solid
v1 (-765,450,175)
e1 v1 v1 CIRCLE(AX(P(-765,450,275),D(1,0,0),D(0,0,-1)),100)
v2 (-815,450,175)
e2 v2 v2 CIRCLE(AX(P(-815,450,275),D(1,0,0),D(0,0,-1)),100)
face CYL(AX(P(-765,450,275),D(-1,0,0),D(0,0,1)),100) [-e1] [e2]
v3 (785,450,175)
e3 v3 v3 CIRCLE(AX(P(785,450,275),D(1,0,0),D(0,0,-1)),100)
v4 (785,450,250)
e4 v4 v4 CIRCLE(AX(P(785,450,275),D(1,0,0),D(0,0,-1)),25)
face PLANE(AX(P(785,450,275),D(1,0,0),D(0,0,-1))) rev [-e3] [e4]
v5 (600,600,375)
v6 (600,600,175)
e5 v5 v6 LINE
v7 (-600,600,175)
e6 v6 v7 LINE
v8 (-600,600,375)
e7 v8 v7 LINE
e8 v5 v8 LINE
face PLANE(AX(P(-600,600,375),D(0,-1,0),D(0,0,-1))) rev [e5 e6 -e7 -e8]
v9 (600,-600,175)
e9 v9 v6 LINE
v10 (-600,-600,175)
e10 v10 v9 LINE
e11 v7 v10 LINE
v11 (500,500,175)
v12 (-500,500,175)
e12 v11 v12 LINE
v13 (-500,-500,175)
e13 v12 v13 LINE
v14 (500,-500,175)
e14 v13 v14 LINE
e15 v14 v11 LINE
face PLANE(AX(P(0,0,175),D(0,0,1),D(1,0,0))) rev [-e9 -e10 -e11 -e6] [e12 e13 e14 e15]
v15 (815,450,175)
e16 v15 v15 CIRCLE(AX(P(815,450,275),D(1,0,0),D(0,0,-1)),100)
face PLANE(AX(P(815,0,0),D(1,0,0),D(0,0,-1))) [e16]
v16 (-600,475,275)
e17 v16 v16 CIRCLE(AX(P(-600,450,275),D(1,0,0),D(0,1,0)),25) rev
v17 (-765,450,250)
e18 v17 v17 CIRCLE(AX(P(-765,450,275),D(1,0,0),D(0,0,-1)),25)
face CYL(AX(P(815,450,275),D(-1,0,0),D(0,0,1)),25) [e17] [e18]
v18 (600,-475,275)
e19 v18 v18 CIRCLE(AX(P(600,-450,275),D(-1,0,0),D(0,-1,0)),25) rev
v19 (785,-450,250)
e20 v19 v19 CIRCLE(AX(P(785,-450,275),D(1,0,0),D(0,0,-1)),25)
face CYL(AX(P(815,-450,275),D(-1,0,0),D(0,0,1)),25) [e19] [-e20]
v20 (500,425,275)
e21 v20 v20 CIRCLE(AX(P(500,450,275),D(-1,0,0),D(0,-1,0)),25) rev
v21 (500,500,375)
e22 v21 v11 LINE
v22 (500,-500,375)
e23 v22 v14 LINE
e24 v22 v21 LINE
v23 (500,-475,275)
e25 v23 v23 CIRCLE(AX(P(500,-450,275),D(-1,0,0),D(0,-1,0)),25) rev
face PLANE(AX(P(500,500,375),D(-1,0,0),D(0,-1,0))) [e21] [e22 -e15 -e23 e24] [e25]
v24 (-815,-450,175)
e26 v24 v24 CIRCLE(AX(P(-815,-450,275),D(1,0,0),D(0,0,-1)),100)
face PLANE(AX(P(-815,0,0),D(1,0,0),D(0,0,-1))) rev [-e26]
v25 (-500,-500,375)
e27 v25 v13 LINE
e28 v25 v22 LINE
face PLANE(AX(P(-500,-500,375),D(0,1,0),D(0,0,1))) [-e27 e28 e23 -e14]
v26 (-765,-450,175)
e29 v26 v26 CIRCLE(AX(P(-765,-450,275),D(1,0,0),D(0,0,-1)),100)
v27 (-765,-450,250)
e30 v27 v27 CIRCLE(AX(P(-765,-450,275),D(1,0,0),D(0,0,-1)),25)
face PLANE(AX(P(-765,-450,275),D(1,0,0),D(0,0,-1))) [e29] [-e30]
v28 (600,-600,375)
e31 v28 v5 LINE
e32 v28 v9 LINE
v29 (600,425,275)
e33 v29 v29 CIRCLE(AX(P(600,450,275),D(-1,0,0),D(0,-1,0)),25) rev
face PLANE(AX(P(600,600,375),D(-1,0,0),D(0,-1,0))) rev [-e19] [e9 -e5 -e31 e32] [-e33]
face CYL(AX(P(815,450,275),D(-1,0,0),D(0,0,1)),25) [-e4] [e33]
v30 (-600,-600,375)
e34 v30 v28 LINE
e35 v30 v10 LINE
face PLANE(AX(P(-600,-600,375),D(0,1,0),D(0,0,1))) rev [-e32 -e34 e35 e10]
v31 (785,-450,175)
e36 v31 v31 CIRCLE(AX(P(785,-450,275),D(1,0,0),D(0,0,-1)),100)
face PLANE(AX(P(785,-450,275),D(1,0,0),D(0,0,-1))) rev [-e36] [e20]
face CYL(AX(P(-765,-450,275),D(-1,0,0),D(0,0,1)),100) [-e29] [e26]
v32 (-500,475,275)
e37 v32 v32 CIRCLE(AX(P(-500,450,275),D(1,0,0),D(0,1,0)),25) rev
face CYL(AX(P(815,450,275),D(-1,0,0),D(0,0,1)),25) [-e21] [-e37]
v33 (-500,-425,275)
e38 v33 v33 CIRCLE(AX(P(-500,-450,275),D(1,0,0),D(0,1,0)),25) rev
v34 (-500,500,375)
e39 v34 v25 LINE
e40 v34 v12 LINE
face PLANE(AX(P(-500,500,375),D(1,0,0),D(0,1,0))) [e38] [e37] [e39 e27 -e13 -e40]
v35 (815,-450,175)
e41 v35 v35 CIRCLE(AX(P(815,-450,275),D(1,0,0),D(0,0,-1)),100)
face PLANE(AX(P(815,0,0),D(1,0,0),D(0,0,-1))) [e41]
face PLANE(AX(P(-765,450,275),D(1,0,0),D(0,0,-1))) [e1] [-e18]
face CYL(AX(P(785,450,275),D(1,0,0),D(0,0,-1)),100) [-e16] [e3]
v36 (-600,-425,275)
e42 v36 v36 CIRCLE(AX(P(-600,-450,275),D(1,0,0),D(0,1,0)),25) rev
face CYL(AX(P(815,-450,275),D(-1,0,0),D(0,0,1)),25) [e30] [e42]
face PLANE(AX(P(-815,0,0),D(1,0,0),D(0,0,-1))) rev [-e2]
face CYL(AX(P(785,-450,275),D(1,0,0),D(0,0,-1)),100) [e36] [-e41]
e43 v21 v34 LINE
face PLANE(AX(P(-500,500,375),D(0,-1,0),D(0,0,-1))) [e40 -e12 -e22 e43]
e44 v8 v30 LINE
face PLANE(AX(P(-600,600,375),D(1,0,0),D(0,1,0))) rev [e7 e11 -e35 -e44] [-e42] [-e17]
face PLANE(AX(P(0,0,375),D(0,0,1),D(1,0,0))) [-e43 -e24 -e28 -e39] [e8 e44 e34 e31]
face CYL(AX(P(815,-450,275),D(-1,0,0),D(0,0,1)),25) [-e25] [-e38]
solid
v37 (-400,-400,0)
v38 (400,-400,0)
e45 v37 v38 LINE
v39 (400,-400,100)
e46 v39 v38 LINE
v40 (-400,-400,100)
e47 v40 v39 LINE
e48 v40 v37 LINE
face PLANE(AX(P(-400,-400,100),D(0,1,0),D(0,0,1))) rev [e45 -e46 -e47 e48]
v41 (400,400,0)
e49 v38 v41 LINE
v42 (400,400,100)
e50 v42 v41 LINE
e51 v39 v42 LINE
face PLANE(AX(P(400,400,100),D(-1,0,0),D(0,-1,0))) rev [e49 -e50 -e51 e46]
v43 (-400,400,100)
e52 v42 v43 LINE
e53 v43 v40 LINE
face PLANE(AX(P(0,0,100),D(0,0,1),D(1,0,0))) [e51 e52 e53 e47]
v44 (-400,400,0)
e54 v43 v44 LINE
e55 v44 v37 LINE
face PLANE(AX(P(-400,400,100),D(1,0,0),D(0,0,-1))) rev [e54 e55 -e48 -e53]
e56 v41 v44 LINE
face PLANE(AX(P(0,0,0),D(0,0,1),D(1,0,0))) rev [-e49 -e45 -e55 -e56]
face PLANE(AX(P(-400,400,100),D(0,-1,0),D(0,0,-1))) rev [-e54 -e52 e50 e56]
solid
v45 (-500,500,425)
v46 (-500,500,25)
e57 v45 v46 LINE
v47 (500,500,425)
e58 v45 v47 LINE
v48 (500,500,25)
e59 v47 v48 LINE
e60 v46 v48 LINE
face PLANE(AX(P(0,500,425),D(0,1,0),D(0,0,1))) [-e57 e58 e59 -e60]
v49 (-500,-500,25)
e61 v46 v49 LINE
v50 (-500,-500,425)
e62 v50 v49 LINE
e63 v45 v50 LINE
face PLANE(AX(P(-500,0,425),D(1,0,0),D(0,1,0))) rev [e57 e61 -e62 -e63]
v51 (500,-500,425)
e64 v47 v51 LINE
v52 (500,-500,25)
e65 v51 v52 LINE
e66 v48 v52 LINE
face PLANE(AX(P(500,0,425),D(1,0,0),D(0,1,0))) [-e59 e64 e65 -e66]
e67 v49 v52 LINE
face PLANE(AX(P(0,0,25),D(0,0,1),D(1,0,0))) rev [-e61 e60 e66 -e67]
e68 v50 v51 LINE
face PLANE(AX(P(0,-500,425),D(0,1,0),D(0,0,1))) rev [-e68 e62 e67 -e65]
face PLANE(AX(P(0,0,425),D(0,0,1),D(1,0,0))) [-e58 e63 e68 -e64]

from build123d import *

# Parameters (mm, degrees)
SKETCH_1_W      = 800
SKETCH_1_H      = 800
EXTRUDE_1_DEPTH = 100
EXTRUDE_START   = 25
SKETCH_2_W      = 1000
SKETCH_2_H      = 1000
EXTRUDE_2_DEPTH = 400
EXTRUDE_START_2 = 175
SKETCH_2_3_W    = 1200
SKETCH_2_3_H    = 1200
SKETCH_2_3_W_2  = 1000
SKETCH_2_3_H_2  = 1000
EXTRUDE_3_DEPTH = 200
SKETCH_4_R      = 25
EXTRUDE_4_DEPTH = 815
EXTRUDE_START_3 = 815
SKETCH_4_3_R    = 100
SKETCH_4_3_R_2  = 25
EXTRUDE_5_DEPTH = 30
EXTRUDE_START_4 = -815
SKETCH_4_4_R    = 100
SKETCH_4_4_R_2  = 25
EXTRUDE_6_DEPTH = 50


with BuildPart() as part:
    # Эскиз1 → Бобышка-Вытянуть1 (new body)
    with BuildSketch(Plane.XY):
        Rectangle(SKETCH_1_W, SKETCH_1_H)
    extrude(amount=EXTRUDE_1_DEPTH)


with BuildPart() as body_2:
    # Эскиз2 → Бобышка-Вытянуть2 (new body)
    with BuildSketch(Plane.XY.offset(EXTRUDE_START)):
        Rectangle(SKETCH_2_W, SKETCH_2_H)
    extrude(amount=EXTRUDE_2_DEPTH)


with BuildPart() as body_3:
    # Эскиз2<3> → Бобышка-Вытянуть3 (new body)
    with BuildSketch(Plane.XY.offset(EXTRUDE_START_2)):
        Rectangle(SKETCH_2_3_W, SKETCH_2_3_H)
        Rectangle(SKETCH_2_3_W_2, SKETCH_2_3_H_2, mode=Mode.SUBTRACT)
    extrude(amount=EXTRUDE_3_DEPTH)

    # Эскиз4 → Бобышка-Вытянуть4 (add, symmetric)
    with BuildSketch(Plane(origin=(0, 0, 0), x_dir=(0, 0, -1), z_dir=(1, 0, 0))):
        with Locations((-275, 450)):
            Circle(SKETCH_4_R)
        with Locations((-275, -450)):
            Circle(SKETCH_4_R)
    extrude(amount=EXTRUDE_4_DEPTH, both=True)

    # Эскиз4<3> → Бобышка-Вытянуть5 (add)
    with BuildSketch(Plane(origin=(0, 0, 0), x_dir=(0, 0, -1), z_dir=(1, 0, 0)).offset(EXTRUDE_START_3)):
        with Locations((-275, -450)):
            Circle(SKETCH_4_3_R)
        with Locations((-275, -450)):
            Circle(SKETCH_4_3_R_2, mode=Mode.SUBTRACT)
        with Locations((-275, 450)):
            Circle(SKETCH_4_3_R)
        with Locations((-275, 450)):
            Circle(SKETCH_4_3_R_2, mode=Mode.SUBTRACT)
    extrude(amount=-EXTRUDE_5_DEPTH)

    # Эскиз4<4> → Бобышка-Вытянуть6 (add)
    with BuildSketch(Plane(origin=(0, 0, 0), x_dir=(0, 0, -1), z_dir=(1, 0, 0)).offset(EXTRUDE_START_4)):
        with Locations((-275, -450)):
            Circle(SKETCH_4_4_R)
        with Locations((-275, -450)):
            Circle(SKETCH_4_4_R_2, mode=Mode.SUBTRACT)
        with Locations((-275, 450)):
            Circle(SKETCH_4_4_R)
        with Locations((-275, 450)):
            Circle(SKETCH_4_4_R_2, mode=Mode.SUBTRACT)
    extrude(amount=EXTRUDE_6_DEPTH)


solid = Compound([part.part, body_2.part, body_3.part])
